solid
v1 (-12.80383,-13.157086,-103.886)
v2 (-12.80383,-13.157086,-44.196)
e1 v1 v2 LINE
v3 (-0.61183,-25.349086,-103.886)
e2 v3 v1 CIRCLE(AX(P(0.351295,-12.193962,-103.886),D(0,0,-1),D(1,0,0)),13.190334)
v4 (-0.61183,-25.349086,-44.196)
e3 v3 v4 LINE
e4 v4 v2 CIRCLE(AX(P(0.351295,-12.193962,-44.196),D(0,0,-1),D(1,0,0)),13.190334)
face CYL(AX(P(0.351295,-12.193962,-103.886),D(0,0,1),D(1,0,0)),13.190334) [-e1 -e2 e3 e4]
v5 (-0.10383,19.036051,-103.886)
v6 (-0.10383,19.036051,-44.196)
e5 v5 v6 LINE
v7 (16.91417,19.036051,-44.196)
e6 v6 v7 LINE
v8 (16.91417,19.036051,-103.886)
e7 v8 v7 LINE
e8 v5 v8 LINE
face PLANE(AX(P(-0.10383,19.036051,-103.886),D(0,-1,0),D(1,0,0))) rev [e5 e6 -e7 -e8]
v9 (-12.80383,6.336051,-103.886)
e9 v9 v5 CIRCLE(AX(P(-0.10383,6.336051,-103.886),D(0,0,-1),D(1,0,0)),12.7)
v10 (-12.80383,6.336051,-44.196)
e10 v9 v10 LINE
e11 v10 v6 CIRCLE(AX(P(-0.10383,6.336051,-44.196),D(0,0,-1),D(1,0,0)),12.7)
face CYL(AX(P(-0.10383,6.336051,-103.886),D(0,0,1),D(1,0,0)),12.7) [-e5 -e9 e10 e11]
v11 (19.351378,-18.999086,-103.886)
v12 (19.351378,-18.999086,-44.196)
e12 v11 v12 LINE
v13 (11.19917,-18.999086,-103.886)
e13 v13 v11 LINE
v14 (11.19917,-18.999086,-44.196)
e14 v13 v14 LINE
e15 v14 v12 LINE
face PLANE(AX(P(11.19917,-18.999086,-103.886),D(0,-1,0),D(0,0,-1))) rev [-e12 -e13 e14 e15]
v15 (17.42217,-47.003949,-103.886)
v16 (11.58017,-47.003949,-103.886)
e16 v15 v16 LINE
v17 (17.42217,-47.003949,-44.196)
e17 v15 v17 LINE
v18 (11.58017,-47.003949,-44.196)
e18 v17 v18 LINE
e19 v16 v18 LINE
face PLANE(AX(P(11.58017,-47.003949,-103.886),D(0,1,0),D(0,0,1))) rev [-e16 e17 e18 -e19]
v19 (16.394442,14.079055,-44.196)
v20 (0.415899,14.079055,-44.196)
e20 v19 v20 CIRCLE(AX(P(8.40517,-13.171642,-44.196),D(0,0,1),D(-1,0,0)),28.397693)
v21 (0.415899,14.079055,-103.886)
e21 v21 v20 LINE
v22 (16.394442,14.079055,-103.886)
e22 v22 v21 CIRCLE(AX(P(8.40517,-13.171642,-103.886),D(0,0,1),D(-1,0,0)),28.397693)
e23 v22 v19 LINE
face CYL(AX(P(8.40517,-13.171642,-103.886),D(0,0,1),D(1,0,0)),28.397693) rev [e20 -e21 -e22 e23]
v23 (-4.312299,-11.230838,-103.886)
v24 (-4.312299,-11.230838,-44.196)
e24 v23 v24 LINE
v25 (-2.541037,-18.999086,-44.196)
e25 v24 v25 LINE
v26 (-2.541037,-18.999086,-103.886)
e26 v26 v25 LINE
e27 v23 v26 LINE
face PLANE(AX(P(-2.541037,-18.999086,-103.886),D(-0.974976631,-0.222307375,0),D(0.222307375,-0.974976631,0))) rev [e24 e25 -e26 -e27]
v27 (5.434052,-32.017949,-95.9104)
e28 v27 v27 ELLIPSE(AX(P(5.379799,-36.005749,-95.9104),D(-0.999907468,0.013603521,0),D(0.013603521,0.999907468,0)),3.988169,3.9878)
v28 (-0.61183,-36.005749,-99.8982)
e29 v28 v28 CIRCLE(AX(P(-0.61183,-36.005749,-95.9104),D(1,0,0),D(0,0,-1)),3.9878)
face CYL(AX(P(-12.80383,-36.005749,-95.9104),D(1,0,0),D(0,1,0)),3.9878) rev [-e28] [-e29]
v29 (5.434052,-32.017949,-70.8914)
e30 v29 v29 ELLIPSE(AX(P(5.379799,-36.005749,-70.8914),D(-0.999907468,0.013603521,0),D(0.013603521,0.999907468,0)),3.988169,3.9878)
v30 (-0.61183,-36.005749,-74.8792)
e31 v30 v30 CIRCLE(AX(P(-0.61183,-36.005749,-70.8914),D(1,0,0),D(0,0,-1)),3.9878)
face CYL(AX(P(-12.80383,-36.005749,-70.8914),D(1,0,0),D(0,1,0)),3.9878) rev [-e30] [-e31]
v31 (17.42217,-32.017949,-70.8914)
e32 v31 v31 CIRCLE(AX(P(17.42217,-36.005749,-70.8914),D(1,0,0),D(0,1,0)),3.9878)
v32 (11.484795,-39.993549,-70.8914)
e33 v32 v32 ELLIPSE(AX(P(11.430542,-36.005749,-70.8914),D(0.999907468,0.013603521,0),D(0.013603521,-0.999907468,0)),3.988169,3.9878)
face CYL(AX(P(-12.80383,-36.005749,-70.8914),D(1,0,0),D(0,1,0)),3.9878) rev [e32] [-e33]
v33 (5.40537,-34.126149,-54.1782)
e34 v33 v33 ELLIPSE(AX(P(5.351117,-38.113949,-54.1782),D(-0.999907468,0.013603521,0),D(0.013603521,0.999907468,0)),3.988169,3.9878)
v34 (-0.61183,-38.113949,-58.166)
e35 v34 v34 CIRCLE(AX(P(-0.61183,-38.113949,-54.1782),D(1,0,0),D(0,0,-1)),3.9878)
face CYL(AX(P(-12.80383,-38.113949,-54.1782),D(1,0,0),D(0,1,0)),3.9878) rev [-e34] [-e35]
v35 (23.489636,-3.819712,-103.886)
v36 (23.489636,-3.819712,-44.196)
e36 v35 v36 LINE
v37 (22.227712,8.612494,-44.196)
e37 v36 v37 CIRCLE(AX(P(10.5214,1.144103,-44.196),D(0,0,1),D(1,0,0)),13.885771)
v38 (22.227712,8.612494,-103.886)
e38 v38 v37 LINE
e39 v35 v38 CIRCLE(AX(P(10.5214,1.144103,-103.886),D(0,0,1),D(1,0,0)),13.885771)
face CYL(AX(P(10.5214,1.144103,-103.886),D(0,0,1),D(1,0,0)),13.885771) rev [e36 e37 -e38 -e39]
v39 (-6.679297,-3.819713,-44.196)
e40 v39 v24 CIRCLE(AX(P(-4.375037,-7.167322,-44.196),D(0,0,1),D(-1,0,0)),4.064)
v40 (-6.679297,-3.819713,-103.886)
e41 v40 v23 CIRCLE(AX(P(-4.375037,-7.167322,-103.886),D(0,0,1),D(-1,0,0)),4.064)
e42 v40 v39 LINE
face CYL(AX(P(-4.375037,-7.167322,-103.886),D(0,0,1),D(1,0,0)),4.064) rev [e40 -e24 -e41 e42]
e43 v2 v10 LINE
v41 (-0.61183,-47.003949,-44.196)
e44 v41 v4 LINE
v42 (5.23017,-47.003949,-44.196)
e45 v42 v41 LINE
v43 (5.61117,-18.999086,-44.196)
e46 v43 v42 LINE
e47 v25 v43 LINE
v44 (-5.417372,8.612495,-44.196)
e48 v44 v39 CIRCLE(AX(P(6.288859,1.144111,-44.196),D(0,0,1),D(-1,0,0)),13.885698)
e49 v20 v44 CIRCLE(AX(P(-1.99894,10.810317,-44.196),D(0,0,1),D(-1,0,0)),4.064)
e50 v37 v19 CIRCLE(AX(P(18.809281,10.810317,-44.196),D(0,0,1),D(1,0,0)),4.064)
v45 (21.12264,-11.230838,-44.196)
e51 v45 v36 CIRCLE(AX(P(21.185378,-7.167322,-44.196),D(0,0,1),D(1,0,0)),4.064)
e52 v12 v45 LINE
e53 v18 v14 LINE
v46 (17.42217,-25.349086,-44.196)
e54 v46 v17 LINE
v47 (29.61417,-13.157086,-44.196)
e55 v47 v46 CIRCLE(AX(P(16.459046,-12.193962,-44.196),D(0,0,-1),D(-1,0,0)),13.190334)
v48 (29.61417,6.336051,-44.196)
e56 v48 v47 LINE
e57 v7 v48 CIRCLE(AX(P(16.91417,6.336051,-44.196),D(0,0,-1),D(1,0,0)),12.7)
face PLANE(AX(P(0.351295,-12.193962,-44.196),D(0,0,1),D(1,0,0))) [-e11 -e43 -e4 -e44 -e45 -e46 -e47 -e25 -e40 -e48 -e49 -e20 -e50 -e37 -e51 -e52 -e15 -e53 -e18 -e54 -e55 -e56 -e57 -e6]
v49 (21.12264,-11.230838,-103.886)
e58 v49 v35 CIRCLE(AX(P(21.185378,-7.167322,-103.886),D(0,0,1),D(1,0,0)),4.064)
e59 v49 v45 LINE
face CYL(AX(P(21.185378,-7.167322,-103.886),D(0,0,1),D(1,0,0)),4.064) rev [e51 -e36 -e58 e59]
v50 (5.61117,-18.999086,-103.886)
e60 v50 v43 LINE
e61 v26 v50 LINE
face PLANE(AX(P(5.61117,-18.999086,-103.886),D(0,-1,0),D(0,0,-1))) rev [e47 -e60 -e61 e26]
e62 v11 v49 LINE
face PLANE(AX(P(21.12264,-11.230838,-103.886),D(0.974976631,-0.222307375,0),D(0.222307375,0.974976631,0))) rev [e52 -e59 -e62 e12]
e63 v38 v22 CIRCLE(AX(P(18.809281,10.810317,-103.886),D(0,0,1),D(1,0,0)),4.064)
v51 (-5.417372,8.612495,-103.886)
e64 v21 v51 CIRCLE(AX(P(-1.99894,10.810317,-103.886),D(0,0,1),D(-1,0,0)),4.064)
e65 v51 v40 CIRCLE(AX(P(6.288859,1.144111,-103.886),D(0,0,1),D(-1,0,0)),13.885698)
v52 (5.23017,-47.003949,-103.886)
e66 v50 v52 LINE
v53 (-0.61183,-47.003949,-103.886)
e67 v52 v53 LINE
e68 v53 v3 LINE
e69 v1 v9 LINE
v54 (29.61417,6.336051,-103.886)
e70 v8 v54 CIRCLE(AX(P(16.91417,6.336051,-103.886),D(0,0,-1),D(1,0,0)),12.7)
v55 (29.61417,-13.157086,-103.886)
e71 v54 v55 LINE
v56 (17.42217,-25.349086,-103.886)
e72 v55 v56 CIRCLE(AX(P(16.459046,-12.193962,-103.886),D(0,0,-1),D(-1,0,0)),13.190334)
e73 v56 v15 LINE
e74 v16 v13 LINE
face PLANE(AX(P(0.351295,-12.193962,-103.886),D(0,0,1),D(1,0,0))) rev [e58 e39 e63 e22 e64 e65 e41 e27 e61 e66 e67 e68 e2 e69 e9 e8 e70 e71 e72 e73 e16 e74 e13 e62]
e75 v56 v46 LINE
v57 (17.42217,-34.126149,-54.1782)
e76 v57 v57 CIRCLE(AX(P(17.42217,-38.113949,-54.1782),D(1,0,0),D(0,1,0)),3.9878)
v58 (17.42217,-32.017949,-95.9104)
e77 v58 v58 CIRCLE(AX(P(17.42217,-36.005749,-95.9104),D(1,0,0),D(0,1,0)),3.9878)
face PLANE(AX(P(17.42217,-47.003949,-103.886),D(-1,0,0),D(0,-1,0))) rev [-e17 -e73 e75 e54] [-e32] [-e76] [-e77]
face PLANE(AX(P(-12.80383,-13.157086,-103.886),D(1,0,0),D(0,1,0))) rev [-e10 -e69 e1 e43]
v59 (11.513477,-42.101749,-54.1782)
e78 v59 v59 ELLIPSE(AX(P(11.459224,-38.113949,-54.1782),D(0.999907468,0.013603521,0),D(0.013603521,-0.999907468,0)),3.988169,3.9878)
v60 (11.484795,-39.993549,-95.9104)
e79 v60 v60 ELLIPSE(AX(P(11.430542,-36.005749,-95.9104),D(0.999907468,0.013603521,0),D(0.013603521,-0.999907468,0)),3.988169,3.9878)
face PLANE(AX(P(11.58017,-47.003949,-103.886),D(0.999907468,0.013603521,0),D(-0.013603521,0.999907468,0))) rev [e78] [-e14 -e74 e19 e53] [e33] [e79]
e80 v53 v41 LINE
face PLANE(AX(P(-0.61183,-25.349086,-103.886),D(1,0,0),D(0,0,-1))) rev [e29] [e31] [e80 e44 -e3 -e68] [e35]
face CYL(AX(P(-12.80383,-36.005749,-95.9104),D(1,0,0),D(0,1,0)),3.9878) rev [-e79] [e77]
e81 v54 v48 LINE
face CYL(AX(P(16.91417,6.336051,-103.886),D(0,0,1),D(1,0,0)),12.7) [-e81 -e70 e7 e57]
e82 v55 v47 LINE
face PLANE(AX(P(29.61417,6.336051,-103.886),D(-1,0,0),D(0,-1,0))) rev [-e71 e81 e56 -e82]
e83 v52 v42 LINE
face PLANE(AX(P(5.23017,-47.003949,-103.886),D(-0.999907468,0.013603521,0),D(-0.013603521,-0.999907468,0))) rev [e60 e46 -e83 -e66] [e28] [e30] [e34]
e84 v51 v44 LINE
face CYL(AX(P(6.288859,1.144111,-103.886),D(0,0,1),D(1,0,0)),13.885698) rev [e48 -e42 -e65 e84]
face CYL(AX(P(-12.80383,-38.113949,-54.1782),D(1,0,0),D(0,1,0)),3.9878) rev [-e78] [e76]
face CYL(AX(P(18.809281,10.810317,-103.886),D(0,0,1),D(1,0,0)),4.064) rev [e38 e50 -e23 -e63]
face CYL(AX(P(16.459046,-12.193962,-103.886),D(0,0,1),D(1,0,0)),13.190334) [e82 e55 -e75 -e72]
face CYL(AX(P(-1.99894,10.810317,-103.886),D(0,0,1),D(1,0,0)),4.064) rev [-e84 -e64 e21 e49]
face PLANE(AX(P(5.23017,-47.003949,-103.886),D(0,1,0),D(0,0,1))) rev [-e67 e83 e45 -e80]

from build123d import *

# Parameters (mm, degrees)
BOSS_EXTRUDE1_DEPTH = 59.69
SKETCH31_R          = 3.9878
CUT_EXTRUDE1_DEPTH  = 31.226


with BuildPart() as part:
    # Sketch30 → Boss-Extrude1 (new body)
    with BuildSketch(Plane(origin=(0, 0, -44.196), x_dir=(-1, 0, 0), z_dir=(0, 0, -1))):
        with BuildLine():
            Line((-21.122639806, -11.230837818), (-19.351377941, -18.999086285))
            Line((-19.351377941, -18.999086285), (-11.19917043, -18.999086285))
            Line((-11.19917043, -18.999086285), (-11.58017043, -47.00394942))
            Line((-11.58017043, -47.00394942), (-17.42217043, -47.00394942))
            Line((-17.42217043, -47.00394942), (-17.42217043, -26.68394942))
            Line((-17.42217043, -26.68394942), (-17.42217043, -25.349086285))
            ThreePointArc((-17.42217043, -25.349086285), (-25.786020569, -21.520936424), (-29.61417043, -13.157086285))
            Line((-29.61417043, -13.157086285), (-29.61417043, 6.33605058))
            ThreePointArc((-29.61417043, 6.33605058), (-25.894426551, 15.316306701), (-16.91417043, 19.03605058))
            Line((-16.91417043, 19.03605058), (0.10382957, 19.03605058))
            ThreePointArc((0.10382957, 19.03605058), (9.084085691, 15.316306701), (12.80382957, 6.33605058))
            Line((12.80382957, 6.33605058), (12.80382957, -13.157086285))
            ThreePointArc((12.80382957, -13.157086285), (8.975679709, -21.520936424), (0.61182957, -25.349086285))
            Line((0.61182957, -25.349086285), (0.61182957, -26.68394942))
            Line((0.61182957, -26.68394942), (0.61182957, -47.00394942))
            Line((0.61182957, -47.00394942), (-5.23017043, -47.00394942))
            Line((-5.23017043, -47.00394942), (-5.61117043, -18.999086285))
            Line((-5.61117043, -18.999086285), (2.54103708, -18.999086285))
            Line((2.54103708, -18.999086285), (4.312298946, -11.230837818))
            ThreePointArc((4.312298946, -11.230837818), (8.246380302, -8.403768679), (6.679296605, -3.81971319))
            ThreePointArc((6.679296605, -3.81971319), (7.525853874, 2.546365897), (5.417372104, 8.61249537))
            ThreePointArc((5.417372104, 8.61249537), (4.777900298, 13.775697179), (-0.415899, 14.079054992))
            ThreePointArc((-0.415899, 14.079054992), (-8.40517043, 15.22605058), (-16.394441861, 14.079054992))
            ThreePointArc((-16.394441861, 14.079054992), (-21.588241548, 13.775696815), (-22.227712388, 8.612494473))
            ThreePointArc((-22.227712388, 8.612494473), (-24.336184911, 2.546364848), (-23.489636452, -3.819712493))
            ThreePointArc((-23.489636452, -3.819712493), (-25.056721349, -8.403768093), (-21.122639806, -11.230837818))
        make_face()
    extrude(amount=BOSS_EXTRUDE1_DEPTH)

    # Sketch31 → Cut-Extrude1 (cut, through all)
    with BuildSketch(Plane(origin=(17.42217043, 0, 0), x_dir=(0, 0, -1), z_dir=(1, 0, 0))):
        with Locations(Location((95.9104, -36.00574942, 0), (0, 0, 90))):  # turned: the seam where the file's is
            Circle(SKETCH31_R)
        with Locations(Location((70.8914, -36.00574942, 0), (0, 0, 90))):  # turned: the seam where the file's is
            Circle(SKETCH31_R)
        with Locations(Location((54.1782, -38.11394942, 0), (0, 0, 90))):  # turned: the seam where the file's is
            Circle(SKETCH31_R)
    extrude(amount=-CUT_EXTRUDE1_DEPTH, mode=Mode.SUBTRACT)


solid = part.part
